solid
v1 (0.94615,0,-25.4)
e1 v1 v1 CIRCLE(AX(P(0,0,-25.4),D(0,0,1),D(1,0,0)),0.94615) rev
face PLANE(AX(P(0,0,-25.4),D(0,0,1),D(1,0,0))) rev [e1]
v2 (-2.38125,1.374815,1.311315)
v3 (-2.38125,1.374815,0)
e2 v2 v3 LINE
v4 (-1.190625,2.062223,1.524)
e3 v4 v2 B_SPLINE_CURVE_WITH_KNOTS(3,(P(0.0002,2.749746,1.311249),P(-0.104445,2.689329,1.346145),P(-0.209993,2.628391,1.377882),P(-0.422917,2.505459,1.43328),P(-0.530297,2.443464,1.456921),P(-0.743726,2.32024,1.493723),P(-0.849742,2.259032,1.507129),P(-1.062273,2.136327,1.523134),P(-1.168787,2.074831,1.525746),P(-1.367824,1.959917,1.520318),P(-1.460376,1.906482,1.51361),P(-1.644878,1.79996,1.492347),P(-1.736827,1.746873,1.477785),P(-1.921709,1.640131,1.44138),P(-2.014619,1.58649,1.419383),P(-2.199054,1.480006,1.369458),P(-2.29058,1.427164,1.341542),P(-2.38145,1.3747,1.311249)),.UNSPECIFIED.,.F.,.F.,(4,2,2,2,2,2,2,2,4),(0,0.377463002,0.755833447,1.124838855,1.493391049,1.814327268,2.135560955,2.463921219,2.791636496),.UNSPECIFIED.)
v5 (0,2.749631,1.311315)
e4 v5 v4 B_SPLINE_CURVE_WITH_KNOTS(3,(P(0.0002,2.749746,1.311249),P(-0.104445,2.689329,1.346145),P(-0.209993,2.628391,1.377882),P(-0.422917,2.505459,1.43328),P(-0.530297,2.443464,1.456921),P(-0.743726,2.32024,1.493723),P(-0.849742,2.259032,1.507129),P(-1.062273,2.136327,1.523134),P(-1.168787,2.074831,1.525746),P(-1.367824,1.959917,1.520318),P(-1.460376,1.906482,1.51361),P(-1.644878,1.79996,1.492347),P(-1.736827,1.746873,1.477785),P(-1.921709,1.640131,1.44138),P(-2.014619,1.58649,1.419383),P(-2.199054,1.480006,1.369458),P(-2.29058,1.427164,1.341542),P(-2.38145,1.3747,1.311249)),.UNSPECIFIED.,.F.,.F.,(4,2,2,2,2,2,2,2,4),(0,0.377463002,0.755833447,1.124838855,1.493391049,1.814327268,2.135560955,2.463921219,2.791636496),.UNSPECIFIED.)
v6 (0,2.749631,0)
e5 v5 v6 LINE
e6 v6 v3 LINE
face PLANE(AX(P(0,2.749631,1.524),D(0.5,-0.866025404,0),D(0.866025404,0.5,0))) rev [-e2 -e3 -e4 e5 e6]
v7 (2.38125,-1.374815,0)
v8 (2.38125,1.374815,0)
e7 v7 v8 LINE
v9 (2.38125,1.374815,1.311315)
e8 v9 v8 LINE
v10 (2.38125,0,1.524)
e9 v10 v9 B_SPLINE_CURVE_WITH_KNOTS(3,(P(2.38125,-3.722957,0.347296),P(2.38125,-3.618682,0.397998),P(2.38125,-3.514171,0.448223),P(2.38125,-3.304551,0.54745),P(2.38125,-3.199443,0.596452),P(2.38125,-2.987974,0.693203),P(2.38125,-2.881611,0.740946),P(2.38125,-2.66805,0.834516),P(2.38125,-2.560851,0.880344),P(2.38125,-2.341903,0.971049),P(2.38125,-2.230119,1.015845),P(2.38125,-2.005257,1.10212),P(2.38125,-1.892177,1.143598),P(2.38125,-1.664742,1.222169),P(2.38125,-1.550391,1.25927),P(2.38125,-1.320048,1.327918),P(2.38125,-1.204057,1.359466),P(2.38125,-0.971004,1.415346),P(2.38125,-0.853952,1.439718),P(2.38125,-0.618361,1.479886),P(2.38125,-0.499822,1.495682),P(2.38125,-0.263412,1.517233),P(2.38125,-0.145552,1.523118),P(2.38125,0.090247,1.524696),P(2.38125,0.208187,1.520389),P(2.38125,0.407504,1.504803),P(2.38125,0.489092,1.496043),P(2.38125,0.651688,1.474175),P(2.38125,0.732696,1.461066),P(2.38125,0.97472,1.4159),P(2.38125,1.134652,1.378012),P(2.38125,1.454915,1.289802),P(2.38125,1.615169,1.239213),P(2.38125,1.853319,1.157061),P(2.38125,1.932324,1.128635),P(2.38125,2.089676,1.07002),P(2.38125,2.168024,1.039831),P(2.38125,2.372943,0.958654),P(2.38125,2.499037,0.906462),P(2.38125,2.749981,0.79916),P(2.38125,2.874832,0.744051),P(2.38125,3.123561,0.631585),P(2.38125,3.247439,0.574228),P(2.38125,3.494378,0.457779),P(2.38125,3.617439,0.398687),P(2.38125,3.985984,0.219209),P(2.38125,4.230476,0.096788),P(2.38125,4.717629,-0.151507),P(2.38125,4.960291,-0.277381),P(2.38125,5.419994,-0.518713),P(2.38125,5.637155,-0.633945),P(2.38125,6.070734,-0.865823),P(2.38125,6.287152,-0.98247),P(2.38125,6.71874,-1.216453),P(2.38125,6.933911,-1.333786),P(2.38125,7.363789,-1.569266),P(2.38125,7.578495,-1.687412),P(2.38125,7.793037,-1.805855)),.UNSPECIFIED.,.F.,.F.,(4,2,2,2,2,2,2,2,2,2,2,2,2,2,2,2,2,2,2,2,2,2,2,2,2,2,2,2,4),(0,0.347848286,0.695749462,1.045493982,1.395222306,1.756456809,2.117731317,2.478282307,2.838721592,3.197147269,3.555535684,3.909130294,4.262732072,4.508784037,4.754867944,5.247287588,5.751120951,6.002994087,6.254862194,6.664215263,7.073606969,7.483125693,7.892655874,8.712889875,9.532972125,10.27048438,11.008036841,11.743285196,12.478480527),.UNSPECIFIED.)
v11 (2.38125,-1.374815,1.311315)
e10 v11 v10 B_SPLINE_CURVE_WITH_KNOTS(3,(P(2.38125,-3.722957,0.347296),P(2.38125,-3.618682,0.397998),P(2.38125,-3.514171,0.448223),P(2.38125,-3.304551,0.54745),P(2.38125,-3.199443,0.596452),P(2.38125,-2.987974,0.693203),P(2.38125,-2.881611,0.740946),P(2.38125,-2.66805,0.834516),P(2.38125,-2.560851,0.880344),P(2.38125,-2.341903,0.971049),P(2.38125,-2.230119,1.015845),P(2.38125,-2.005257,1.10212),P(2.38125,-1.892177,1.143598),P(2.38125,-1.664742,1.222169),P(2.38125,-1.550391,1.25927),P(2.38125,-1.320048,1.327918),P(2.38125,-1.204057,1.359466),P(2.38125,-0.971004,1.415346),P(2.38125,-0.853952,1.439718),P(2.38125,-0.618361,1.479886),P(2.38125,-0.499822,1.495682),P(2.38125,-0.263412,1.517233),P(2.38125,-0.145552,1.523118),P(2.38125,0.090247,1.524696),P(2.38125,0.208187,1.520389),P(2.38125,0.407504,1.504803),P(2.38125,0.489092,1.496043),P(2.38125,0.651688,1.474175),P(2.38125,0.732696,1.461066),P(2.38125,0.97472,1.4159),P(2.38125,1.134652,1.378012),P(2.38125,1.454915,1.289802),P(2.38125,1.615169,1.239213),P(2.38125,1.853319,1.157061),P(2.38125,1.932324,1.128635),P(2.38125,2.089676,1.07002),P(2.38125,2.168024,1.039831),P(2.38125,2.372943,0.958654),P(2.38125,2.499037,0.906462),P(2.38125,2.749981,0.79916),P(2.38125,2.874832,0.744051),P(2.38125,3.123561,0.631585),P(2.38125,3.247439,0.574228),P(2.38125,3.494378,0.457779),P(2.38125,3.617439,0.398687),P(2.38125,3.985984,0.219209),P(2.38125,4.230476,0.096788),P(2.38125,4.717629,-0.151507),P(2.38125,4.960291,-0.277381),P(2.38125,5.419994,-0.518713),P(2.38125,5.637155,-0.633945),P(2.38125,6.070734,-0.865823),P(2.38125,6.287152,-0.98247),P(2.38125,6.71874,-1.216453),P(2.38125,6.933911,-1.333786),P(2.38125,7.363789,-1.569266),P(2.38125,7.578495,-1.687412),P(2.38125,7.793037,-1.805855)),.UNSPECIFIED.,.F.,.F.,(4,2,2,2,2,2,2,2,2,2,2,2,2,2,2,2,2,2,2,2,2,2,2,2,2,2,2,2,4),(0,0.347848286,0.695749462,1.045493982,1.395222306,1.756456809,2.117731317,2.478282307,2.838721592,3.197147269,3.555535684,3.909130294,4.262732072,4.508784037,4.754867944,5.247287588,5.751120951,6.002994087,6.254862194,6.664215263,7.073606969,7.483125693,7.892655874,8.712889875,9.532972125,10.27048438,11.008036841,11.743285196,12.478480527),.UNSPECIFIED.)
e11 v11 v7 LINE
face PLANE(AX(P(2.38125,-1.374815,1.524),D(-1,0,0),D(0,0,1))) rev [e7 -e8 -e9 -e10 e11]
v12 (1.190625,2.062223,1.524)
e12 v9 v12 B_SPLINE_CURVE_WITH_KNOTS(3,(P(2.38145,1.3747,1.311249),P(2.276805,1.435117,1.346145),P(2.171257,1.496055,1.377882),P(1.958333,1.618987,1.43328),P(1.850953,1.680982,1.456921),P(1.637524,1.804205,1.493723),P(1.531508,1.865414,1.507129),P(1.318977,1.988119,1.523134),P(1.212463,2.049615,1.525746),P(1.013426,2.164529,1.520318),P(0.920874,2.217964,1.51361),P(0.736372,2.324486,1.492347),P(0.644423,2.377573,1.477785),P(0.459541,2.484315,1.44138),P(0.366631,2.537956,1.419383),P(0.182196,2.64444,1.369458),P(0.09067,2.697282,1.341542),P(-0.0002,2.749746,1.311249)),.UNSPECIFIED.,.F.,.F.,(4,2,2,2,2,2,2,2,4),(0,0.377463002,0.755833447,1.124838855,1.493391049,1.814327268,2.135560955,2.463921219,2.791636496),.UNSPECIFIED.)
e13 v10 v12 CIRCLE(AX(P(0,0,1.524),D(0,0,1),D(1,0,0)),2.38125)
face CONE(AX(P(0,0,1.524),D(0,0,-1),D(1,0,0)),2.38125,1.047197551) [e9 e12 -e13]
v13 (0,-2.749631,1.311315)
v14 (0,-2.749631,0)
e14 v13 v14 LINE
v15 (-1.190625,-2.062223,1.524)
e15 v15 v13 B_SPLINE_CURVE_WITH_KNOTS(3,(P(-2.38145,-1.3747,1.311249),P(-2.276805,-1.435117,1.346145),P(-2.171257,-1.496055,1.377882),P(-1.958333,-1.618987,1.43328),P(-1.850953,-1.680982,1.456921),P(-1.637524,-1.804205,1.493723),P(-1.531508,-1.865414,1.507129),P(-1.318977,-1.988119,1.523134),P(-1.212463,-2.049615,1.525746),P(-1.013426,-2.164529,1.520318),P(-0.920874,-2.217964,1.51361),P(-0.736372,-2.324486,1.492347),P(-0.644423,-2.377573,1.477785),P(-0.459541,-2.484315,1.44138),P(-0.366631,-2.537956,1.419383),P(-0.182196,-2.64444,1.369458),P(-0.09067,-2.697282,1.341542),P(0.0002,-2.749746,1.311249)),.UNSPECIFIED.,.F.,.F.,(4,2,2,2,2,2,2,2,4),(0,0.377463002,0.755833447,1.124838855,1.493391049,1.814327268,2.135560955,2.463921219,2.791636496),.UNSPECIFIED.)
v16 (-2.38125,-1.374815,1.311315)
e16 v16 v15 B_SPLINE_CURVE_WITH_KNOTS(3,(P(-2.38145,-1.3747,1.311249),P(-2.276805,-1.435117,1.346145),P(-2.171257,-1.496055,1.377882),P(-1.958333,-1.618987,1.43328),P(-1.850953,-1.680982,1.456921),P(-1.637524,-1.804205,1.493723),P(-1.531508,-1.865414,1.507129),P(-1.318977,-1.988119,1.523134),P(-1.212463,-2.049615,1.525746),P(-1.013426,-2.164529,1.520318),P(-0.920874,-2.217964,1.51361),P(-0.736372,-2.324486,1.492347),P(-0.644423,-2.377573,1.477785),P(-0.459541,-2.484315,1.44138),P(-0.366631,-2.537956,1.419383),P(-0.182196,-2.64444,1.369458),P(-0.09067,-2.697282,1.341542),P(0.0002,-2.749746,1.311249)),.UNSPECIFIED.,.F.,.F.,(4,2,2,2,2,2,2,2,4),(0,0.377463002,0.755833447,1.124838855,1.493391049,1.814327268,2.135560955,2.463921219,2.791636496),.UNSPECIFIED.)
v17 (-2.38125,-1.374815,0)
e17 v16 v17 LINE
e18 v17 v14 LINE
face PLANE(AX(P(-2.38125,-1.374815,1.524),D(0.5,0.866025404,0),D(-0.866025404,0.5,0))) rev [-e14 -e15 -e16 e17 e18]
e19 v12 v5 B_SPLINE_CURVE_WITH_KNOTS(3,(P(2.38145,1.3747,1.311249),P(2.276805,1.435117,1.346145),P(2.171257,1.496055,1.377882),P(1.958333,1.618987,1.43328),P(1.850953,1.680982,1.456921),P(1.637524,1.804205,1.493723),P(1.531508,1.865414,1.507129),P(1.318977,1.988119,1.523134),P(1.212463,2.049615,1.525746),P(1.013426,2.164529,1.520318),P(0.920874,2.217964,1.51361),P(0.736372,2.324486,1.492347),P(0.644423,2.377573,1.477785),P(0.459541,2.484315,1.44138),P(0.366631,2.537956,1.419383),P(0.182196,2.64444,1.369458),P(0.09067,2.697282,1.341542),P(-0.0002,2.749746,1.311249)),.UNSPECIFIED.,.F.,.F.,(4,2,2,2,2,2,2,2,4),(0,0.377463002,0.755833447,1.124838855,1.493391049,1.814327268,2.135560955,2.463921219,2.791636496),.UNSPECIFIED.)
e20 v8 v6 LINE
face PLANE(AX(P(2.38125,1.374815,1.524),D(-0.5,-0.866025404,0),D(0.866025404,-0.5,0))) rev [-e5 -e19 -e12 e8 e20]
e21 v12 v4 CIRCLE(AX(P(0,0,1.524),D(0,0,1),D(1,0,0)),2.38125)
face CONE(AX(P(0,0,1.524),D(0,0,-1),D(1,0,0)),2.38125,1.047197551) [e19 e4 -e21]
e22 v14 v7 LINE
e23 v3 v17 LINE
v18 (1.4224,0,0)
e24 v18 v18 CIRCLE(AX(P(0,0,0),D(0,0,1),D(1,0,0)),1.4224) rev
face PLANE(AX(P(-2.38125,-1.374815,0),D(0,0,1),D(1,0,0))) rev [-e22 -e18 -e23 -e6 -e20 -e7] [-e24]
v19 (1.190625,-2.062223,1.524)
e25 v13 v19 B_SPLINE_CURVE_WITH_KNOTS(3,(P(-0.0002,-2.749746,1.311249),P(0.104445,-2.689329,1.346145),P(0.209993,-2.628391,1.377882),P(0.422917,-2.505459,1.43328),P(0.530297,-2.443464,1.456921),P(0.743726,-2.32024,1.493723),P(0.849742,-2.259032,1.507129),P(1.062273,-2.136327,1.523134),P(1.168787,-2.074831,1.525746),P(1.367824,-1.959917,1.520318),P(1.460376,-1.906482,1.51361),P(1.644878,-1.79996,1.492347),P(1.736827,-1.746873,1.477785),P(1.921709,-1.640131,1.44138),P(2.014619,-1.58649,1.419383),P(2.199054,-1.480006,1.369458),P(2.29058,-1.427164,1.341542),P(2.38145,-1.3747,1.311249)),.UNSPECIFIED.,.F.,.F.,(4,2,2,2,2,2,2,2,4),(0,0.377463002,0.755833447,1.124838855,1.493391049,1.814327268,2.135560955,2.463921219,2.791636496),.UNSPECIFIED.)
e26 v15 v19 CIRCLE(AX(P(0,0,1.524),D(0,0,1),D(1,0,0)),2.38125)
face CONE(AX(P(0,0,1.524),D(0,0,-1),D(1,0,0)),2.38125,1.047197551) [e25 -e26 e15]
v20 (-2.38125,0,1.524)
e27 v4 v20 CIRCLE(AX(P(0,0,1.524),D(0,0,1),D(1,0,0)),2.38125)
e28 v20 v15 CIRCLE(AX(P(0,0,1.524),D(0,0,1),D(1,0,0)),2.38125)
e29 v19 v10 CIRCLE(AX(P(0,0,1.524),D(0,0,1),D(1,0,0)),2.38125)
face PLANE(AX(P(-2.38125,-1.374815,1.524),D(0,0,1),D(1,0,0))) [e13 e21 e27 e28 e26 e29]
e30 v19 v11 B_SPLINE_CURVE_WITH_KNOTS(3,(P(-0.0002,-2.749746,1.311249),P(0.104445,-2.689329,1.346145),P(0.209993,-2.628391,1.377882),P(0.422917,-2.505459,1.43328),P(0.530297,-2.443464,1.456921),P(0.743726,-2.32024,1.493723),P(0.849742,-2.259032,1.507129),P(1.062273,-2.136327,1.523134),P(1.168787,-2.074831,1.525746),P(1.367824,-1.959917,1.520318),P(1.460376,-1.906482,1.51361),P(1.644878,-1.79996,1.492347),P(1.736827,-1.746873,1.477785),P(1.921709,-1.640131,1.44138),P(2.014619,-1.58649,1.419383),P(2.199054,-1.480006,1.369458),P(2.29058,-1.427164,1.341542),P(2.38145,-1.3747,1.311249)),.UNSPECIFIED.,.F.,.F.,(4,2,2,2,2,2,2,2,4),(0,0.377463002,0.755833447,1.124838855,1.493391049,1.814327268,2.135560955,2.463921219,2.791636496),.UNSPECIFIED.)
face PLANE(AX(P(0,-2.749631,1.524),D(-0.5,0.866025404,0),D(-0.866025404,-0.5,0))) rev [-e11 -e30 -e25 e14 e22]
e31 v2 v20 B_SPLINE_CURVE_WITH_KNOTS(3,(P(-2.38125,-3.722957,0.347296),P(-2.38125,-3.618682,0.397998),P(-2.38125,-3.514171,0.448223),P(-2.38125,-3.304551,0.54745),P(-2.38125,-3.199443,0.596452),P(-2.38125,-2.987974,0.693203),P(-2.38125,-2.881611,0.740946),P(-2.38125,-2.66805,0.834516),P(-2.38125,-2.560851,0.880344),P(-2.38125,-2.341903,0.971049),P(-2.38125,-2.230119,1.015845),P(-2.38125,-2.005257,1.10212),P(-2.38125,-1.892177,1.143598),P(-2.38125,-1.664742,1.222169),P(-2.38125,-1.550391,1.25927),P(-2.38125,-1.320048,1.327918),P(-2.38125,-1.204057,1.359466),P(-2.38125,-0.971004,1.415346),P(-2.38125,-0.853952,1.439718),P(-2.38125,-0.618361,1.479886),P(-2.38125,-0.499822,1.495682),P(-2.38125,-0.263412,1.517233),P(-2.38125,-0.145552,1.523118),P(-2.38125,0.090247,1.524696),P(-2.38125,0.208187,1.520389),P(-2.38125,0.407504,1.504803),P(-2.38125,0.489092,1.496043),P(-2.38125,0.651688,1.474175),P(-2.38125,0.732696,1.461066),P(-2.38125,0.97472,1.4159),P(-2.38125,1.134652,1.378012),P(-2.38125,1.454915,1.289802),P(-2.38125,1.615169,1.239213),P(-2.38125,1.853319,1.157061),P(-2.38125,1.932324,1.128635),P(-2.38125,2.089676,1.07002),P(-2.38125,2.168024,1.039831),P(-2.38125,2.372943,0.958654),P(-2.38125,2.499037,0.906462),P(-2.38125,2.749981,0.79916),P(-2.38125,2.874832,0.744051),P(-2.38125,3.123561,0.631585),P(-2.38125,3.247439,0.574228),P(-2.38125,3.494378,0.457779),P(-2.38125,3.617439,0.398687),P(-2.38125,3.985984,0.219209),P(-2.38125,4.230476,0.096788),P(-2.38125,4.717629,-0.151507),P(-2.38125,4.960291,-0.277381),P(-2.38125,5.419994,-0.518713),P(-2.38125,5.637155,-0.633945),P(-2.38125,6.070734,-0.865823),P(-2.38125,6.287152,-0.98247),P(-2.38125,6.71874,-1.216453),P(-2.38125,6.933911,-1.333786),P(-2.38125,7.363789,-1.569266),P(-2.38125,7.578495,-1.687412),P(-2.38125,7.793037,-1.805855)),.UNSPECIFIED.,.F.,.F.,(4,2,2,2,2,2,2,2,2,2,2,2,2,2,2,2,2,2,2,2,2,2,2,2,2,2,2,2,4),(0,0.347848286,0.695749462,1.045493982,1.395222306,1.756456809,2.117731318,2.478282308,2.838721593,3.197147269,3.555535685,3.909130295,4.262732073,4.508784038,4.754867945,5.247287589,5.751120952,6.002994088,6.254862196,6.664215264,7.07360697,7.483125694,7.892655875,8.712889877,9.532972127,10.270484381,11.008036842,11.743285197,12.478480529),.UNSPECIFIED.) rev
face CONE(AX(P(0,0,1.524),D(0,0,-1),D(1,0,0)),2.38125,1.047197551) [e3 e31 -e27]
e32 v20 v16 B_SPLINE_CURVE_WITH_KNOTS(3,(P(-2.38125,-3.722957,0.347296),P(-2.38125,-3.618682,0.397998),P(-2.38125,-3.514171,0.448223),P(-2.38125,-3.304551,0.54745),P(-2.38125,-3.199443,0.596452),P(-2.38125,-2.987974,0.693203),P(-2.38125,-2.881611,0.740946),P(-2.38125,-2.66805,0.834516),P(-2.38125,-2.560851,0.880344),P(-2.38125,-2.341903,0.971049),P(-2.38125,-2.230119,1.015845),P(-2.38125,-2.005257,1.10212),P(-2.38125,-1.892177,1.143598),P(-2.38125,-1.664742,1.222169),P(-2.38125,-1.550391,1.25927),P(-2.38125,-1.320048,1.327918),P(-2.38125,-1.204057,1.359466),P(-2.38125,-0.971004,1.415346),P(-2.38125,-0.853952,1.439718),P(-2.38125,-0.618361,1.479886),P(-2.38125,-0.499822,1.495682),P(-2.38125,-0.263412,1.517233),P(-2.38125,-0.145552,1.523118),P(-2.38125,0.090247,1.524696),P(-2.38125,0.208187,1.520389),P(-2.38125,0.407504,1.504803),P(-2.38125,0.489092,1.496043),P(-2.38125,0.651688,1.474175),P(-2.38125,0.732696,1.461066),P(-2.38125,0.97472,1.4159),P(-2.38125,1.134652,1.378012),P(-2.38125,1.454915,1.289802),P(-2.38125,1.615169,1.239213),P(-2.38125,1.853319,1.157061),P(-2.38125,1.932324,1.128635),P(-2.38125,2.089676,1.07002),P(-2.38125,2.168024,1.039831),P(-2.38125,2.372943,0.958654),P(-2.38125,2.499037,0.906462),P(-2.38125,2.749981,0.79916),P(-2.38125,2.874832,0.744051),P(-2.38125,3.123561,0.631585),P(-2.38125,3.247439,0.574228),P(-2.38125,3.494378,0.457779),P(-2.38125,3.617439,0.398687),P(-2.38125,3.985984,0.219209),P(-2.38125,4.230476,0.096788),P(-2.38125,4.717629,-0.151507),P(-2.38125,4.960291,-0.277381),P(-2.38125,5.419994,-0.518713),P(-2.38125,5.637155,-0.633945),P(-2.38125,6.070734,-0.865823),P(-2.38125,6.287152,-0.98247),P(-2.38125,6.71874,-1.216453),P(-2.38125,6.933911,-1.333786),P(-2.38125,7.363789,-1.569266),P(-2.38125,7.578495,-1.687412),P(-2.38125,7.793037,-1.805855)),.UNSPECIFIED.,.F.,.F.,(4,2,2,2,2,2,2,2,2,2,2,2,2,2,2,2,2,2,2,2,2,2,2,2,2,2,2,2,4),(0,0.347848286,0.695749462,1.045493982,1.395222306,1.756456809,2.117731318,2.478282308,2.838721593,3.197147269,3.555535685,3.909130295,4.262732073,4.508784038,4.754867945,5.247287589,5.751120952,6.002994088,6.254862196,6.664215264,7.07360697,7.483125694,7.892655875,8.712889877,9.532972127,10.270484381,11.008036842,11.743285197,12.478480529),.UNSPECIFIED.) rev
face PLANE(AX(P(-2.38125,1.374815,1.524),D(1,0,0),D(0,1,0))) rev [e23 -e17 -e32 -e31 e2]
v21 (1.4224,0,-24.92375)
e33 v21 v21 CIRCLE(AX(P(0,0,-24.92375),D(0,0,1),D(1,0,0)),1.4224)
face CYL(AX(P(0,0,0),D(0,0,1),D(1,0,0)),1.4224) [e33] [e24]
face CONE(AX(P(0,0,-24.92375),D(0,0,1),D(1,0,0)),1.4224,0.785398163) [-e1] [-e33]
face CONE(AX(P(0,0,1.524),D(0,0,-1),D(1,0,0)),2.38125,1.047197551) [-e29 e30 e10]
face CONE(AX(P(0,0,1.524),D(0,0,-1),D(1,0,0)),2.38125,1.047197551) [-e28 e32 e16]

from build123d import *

# Parameters (mm, degrees)
EXTRUDE3_DEPTH     = 1.524
SKETCH4_W          = 25.4
SKETCH4_H          = 1.4224
CHAMFER2_SIZE      = 0.47625
SKETCH26_R         = 0.5461
EXTRUDE12_DEPTH    = 1.524
SKETCH30_OUTSIDE_W = 21.138
SKETCH30_OUTSIDE_H = 21.876
SKETCH30_OUTSIDE_R = 2.38125
EXTRUDE13_DEPTH    = 2.54
EXTRUDE13_DRAFT    = -60


with BuildPart() as part:
    # Sketch1 → Extrude3 (new body)
    with BuildSketch(Plane.XY):
        Polygon((-2.38125, -1.374815329), (0, -2.749630657), (2.38125, -1.374815329), (2.38125, 1.374815329), (0, 2.749630657), (-2.38125, 1.374815329), align=None)
    extrude(amount=EXTRUDE3_DEPTH)



with BuildPart() as body_2:
    # Sketch4 → Revolve1 (revolve)
    with BuildSketch(Plane(origin=(0, 0, 0), x_dir=(0, 0, -1), z_dir=(1, 0, 0)), mode=Mode.PRIVATE) as revolve1_sk:
        with Locations((12.7, 0.7112)):
            Rectangle(SKETCH4_W, SKETCH4_H)
    revolve(revolve1_sk.sketch.rotate(Axis((0, 0, 0), (0, 0, -1)), 90), axis=Axis((0, 0, 0), (0, 0, -1)))

    # Chamfer2
    chamfer2_edges = [body_2.edges().sort_by_distance(p)[0] for p in [
        (-1.4224, 0, -25.4),
    ]]
    chamfer(chamfer2_edges, length=CHAMFER2_SIZE)


with BuildPart() as part_1:
    add(part.part)

    add(body_2.part)  # Extrude12 merges body 2
    # Sketch26 → Extrude12 (add)
    with BuildSketch(Plane.XY):
        Circle(SKETCH26_R)
    extrude(amount=EXTRUDE12_DEPTH)


with BuildPart() as extrude13_tool:
    # Sketch30 outside → Extrude13 (with draft: the straight prism first)
    with BuildSketch(Plane.XY.offset(1.524)):
        Rectangle(SKETCH30_OUTSIDE_W, SKETCH30_OUTSIDE_H)
        Circle(SKETCH30_OUTSIDE_R, mode=Mode.SUBTRACT)
    extrude(amount=-EXTRUDE13_DEPTH)
    # Extrude13: the draft: its side faces are tilted about the plane it starts from
    extrude13_sides = [extrude13_tool.faces().sort_by_distance(p)[0] for p in [
        (0, -10.938, 0.254),
        (10.569, 0, 0.254),
        (0, 10.938, 0.254),
        (-10.569, 0, 0.254),
        (-2.38125, 0, 0.254),
    ]]
    draft(extrude13_sides, Plane.XY.offset(1.524), EXTRUDE13_DRAFT)


with BuildPart() as part_2:
    add(part_1.part)

    # Extrude13: cut by extrude13_tool
    add(extrude13_tool.part, mode=Mode.SUBTRACT)


solid = part_2.part
